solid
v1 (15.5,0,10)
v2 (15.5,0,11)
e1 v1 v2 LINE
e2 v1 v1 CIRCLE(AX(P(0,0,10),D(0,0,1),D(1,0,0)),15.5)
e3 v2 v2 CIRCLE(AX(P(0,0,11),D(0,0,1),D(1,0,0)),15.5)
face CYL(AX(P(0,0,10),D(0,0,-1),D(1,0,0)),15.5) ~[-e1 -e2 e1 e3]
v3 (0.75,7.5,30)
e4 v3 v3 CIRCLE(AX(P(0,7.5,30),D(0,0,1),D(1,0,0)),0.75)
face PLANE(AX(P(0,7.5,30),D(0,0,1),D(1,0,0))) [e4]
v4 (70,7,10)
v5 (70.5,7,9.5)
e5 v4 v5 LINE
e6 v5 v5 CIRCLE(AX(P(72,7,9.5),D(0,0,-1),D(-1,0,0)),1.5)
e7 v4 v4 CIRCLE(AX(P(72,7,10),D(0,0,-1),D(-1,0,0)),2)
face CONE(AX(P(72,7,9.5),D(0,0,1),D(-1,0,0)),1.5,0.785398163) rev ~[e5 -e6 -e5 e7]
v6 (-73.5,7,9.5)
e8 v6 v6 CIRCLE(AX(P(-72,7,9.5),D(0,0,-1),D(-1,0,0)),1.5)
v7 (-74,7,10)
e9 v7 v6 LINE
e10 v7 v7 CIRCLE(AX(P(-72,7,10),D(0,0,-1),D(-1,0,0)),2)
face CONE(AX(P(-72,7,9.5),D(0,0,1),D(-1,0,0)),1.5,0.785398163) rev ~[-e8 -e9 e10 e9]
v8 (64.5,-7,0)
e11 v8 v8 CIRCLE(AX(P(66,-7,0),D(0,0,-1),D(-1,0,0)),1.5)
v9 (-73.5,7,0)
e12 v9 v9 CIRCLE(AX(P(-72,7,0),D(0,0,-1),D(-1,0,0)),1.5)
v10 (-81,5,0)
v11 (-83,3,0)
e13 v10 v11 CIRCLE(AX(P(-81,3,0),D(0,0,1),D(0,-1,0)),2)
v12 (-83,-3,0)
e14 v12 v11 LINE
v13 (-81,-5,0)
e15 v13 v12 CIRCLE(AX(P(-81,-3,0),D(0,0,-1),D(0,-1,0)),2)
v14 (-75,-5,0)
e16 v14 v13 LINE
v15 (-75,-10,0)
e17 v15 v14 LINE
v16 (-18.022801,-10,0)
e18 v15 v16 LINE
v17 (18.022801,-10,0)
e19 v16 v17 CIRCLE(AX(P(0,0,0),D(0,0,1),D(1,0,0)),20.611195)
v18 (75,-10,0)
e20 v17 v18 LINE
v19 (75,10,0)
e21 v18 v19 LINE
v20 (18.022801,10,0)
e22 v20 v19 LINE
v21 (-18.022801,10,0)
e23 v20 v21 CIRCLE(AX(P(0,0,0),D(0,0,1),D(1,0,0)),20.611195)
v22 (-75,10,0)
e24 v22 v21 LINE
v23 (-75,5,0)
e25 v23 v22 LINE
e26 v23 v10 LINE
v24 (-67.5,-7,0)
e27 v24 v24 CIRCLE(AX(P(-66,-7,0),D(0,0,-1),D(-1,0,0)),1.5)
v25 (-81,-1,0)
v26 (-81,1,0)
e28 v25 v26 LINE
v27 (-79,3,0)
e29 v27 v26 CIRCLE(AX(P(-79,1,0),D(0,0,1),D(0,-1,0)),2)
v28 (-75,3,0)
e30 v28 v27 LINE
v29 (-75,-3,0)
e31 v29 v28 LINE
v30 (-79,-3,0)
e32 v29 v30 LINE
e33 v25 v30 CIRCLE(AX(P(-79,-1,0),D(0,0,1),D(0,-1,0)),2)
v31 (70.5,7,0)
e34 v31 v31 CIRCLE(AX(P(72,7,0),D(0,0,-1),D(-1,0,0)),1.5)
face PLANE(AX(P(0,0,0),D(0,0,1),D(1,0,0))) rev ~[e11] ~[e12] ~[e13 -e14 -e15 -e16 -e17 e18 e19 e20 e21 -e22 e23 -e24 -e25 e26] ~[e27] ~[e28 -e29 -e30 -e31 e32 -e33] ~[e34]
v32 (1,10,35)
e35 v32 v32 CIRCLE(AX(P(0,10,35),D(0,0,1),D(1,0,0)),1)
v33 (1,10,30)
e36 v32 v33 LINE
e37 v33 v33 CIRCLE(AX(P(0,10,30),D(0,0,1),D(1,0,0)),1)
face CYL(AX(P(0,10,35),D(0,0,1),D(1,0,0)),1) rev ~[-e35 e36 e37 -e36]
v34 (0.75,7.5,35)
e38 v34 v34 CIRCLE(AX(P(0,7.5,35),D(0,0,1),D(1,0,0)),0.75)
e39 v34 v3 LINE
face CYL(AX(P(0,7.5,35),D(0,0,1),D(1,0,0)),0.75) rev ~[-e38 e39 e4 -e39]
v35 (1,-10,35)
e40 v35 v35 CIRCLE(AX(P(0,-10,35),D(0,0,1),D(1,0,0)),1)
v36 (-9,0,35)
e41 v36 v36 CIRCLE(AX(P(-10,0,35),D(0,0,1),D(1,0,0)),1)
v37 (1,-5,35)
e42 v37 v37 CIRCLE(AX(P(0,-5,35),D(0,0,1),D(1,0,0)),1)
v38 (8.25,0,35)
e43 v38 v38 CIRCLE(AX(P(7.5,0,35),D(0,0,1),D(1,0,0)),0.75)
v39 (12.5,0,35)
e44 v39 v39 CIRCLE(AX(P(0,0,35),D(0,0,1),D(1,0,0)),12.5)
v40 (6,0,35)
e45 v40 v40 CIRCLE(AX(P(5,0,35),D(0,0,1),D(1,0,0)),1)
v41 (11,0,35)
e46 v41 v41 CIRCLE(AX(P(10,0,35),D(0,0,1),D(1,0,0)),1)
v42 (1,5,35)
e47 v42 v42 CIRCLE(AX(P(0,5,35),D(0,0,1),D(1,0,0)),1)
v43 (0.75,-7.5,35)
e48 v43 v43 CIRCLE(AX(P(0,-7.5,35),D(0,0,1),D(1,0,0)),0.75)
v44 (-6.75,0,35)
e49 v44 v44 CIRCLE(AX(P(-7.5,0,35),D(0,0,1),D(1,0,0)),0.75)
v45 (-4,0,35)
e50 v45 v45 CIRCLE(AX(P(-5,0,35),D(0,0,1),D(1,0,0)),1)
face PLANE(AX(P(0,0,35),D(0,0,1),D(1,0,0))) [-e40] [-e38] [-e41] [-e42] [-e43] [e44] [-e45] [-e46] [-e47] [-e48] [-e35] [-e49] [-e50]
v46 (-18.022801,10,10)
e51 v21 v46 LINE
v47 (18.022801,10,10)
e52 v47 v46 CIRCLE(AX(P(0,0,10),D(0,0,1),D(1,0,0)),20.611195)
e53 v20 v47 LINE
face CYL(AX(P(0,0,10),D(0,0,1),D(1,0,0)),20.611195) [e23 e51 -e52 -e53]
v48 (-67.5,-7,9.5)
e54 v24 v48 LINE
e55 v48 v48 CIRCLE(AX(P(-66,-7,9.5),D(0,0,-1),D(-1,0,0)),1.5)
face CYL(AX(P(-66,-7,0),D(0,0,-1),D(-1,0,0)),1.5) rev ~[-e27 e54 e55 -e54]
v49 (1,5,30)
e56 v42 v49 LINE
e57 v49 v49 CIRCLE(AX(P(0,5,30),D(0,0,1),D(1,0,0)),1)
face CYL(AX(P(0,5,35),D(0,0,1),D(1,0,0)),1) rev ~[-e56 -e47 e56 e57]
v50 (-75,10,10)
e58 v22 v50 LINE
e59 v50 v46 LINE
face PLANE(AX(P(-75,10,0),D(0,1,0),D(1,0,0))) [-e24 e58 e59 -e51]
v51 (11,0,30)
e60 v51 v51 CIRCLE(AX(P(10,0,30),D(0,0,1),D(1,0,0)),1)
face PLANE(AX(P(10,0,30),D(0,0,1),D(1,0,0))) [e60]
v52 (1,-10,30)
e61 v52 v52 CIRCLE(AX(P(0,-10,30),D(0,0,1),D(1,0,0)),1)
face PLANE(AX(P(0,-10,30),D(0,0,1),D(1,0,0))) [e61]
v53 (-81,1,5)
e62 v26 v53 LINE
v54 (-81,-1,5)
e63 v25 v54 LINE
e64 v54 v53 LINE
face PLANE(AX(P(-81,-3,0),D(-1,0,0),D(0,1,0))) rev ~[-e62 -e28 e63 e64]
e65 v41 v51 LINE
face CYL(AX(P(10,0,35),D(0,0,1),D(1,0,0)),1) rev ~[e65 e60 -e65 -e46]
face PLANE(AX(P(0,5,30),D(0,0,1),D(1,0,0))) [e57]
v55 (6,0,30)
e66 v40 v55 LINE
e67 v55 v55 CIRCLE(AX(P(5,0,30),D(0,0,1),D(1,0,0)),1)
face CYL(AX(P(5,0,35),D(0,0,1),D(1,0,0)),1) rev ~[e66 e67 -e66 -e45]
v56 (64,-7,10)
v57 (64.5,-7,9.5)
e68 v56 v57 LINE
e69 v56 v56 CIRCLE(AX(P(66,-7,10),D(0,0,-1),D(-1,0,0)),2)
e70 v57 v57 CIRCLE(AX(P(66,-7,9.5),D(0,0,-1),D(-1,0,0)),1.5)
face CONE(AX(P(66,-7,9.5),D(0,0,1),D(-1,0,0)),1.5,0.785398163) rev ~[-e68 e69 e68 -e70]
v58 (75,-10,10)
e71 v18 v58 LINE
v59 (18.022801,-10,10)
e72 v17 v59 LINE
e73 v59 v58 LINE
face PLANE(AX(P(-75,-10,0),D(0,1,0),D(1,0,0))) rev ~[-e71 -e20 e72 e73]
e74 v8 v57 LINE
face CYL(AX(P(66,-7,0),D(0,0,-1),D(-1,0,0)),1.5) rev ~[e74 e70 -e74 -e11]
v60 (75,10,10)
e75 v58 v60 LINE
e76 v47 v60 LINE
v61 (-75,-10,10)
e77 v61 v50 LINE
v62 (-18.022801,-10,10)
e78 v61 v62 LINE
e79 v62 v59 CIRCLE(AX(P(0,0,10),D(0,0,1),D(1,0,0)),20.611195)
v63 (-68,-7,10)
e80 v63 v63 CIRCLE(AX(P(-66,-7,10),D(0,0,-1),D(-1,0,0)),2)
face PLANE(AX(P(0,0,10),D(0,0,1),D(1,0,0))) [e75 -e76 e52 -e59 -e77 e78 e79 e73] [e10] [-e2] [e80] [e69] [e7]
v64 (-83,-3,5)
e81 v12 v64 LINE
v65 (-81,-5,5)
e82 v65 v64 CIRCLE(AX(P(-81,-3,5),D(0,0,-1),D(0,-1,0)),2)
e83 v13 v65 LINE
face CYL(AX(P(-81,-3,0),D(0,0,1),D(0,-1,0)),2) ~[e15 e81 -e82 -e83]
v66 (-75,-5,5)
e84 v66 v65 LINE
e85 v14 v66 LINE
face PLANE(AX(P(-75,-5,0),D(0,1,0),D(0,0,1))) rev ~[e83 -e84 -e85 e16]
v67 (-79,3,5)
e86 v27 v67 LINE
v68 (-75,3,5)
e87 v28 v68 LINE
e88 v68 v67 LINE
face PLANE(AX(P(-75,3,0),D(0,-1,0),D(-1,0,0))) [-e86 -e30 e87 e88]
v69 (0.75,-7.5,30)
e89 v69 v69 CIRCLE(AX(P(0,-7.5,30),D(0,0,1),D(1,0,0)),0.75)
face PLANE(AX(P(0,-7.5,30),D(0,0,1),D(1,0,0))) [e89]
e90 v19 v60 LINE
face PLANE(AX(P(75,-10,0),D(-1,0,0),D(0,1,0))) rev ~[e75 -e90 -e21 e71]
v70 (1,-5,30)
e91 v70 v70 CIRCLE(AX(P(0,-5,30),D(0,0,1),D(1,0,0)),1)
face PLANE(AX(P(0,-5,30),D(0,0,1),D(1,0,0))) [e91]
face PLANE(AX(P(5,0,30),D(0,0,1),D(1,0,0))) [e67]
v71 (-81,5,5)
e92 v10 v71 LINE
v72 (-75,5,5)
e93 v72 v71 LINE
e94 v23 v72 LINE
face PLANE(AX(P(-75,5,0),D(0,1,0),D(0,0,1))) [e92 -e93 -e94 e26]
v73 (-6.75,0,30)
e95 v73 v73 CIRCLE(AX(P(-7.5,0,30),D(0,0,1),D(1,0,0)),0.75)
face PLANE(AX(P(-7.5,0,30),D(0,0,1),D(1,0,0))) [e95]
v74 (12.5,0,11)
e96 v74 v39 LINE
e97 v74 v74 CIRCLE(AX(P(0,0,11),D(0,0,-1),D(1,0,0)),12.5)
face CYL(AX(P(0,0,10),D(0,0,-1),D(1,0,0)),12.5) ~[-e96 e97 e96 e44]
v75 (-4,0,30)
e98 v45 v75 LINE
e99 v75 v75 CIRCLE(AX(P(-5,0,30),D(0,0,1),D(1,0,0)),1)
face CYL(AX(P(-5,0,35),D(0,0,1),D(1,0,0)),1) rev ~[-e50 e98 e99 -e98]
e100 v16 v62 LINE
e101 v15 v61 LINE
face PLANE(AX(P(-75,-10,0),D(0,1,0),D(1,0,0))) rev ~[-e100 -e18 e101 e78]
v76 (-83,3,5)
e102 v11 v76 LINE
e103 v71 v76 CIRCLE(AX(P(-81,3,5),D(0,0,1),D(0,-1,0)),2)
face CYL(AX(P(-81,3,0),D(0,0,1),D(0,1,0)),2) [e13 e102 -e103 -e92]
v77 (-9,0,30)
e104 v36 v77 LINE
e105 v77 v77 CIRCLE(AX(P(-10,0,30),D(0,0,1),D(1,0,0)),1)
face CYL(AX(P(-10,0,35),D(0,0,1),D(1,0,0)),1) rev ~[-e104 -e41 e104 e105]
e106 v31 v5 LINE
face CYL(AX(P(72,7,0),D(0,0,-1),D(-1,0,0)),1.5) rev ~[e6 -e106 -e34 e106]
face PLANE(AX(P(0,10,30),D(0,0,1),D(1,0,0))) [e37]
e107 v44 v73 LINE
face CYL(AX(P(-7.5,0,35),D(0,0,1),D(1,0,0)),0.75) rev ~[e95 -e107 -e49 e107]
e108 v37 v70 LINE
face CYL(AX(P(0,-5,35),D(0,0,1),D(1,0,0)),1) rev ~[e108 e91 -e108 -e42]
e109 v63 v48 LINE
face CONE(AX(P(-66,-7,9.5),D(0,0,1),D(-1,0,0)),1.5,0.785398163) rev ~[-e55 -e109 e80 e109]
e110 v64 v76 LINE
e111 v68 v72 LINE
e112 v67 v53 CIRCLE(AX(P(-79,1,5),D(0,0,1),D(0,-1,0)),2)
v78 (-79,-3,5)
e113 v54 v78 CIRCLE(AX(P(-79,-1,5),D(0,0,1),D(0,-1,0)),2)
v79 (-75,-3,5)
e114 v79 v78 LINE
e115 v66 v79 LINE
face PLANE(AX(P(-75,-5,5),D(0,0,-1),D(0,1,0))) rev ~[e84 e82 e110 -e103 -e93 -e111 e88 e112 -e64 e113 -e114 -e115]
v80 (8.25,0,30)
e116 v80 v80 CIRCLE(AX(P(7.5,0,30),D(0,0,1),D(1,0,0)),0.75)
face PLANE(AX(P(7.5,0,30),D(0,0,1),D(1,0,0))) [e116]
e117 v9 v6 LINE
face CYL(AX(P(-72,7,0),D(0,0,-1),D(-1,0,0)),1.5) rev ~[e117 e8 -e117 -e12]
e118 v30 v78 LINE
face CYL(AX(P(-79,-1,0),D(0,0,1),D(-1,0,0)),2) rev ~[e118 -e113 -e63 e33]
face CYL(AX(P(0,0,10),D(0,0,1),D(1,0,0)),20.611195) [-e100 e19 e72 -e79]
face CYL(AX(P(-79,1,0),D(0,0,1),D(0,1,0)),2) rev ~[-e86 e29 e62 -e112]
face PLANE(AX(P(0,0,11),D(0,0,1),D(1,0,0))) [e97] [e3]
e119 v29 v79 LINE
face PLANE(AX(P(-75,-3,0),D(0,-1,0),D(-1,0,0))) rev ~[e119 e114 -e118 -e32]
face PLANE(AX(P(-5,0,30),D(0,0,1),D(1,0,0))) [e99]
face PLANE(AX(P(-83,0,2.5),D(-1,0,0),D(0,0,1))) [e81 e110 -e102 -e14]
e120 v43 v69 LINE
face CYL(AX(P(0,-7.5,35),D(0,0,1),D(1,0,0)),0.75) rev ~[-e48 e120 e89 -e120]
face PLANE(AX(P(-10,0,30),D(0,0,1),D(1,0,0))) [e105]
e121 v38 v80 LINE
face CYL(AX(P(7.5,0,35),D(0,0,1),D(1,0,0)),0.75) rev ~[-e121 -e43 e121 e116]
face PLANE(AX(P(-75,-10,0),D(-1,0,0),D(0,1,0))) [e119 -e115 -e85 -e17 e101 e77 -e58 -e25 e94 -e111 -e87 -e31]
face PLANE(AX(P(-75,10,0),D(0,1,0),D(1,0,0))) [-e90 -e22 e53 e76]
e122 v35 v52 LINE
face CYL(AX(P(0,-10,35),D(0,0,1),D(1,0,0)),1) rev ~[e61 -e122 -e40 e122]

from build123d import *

# Parameters (mm, degrees)
SZKIC1_W                    = 150
SZKIC1_H                    = 20
DODANIE_WYCI_GNI_CIE1_DEPTH = 10
SZKIC2_R                    = 20.61119484
DODANIE_WYCI_GNI_CIE2_DEPTH = 10
SZKIC3_R                    = 12.5
DODANIE_WYCI_GNI_CIE5_DEPTH = 25
SZKIC8_R                    = 15.5
DODANIE_WYCI_GNI_CIE6_DEPTH = 1
SZKIC9_R                    = 1.5
WYTNIJ_WYCI_GNI_CIE1_DEPTH  = 10
SFAZOWANIE1_SIZE            = 0.5
SZKIC10_W                   = 5
SZKIC10_H                   = 10
DODANIE_WYCI_GNI_CIE7_DEPTH = 8
SZKIC11_W                   = 6
SZKIC11_H                   = 6
WYTNIJ_WYCI_GNI_CIE2_DEPTH  = 8
ZAOKR_GLENIE1_R             = 2
SZKIC12_R                   = 1
SZKIC12_R_2                 = 0.75
WYTNIJ_WYCI_GNI_CIE3_DEPTH  = 5


with BuildPart() as part:
    # Szkic1 → Dodanie-wyciągnięcie1 (new body)
    with BuildSketch(Plane.XY):
        Rectangle(SZKIC1_W, SZKIC1_H)
    extrude(amount=DODANIE_WYCI_GNI_CIE1_DEPTH)

    # Szkic2 → Dodanie-wyciągnięcie2 (add)
    with BuildSketch(Plane.XY.offset(10)):
        Circle(SZKIC2_R)
    extrude(amount=-DODANIE_WYCI_GNI_CIE2_DEPTH)

    # Szkic3 → Dodanie-wyciągnięcie5 (add)
    with BuildSketch(Plane.XY.offset(10)):
        Circle(SZKIC3_R)
    extrude(amount=DODANIE_WYCI_GNI_CIE5_DEPTH)

    # Szkic8 → Dodanie-wyciągnięcie6 (add)
    with BuildSketch(Plane.XY.offset(10)):
        Circle(SZKIC8_R)
    extrude(amount=DODANIE_WYCI_GNI_CIE6_DEPTH)

    # Szkic9 → Wytnij-wyciągnięcie1 (cut)
    with BuildSketch(Plane(origin=(0, 0, 0), x_dir=(-1, 0, 0), z_dir=(0, 0, -1))):
        with Locations((-72, 7)):
            Circle(SZKIC9_R)
        with Locations((-66, -7)):
            Circle(SZKIC9_R)
        with Locations((66, -7)):
            Circle(SZKIC9_R)
        with Locations((72, 7)):
            Circle(SZKIC9_R)
    extrude(amount=-WYTNIJ_WYCI_GNI_CIE1_DEPTH, mode=Mode.SUBTRACT)

    # Sfazowanie1
    sfazowanie1_edges = [part.edges().sort_by_distance(p)[0] for p in [
        (73.5, 7, 10),
        (67.5, -7, 10),
        (-64.5, -7, 10),
        (-70.5, 7, 10),
    ]]
    chamfer(sfazowanie1_edges, length=SFAZOWANIE1_SIZE)

    # Szkic10 → Dodanie-wyciągnięcie7 (add)
    with BuildSketch(Plane.ZY.offset(75)):
        with Locations((2.5, 0)):
            Rectangle(SZKIC10_W, SZKIC10_H)
    extrude(amount=DODANIE_WYCI_GNI_CIE7_DEPTH)

    # Szkic11 → Wytnij-wyciągnięcie2 (cut)
    with BuildSketch(Plane(origin=(0, 0, 0), x_dir=(-1, 0, 0), z_dir=(0, 0, -1))):
        with Locations((78, 0)):
            Rectangle(SZKIC11_W, SZKIC11_H)
    extrude(amount=-WYTNIJ_WYCI_GNI_CIE2_DEPTH, mode=Mode.SUBTRACT)

    # Zaokrąglenie1
    zaokr_glenie1_edges = [part.edges().sort_by_distance(p)[0] for p in [
        (-81, 3, 2.5),
        (-81, -3, 2.5),
        (-83, -5, 2.5),
        (-83, 5, 2.5),
    ]]
    fillet(zaokr_glenie1_edges, radius=ZAOKR_GLENIE1_R)

    # Szkic12 → Wytnij-wyciągnięcie3 (cut)
    with BuildSketch(Plane.XY.offset(35)):
        with Locations((-5, 0)):
            Circle(SZKIC12_R)
        with Locations((-10, 0)):
            Circle(SZKIC12_R)
        with Locations((0, 10)):
            Circle(SZKIC12_R)
        with Locations((0, 5)):
            Circle(SZKIC12_R)
        with Locations((10, 0)):
            Circle(SZKIC12_R)
        with Locations((5, 0)):
            Circle(SZKIC12_R)
        with Locations((0, -10)):
            Circle(SZKIC12_R)
        with Locations((0, -5)):
            Circle(SZKIC12_R)
        with Locations((-7.5, 0)):
            Circle(SZKIC12_R_2)
        with Locations((0, 7.5)):
            Circle(SZKIC12_R_2)
        with Locations((7.5, 0)):
            Circle(SZKIC12_R_2)
        with Locations((0, -7.5)):
            Circle(SZKIC12_R_2)
    extrude(amount=-WYTNIJ_WYCI_GNI_CIE3_DEPTH, mode=Mode.SUBTRACT)


solid = part.part
